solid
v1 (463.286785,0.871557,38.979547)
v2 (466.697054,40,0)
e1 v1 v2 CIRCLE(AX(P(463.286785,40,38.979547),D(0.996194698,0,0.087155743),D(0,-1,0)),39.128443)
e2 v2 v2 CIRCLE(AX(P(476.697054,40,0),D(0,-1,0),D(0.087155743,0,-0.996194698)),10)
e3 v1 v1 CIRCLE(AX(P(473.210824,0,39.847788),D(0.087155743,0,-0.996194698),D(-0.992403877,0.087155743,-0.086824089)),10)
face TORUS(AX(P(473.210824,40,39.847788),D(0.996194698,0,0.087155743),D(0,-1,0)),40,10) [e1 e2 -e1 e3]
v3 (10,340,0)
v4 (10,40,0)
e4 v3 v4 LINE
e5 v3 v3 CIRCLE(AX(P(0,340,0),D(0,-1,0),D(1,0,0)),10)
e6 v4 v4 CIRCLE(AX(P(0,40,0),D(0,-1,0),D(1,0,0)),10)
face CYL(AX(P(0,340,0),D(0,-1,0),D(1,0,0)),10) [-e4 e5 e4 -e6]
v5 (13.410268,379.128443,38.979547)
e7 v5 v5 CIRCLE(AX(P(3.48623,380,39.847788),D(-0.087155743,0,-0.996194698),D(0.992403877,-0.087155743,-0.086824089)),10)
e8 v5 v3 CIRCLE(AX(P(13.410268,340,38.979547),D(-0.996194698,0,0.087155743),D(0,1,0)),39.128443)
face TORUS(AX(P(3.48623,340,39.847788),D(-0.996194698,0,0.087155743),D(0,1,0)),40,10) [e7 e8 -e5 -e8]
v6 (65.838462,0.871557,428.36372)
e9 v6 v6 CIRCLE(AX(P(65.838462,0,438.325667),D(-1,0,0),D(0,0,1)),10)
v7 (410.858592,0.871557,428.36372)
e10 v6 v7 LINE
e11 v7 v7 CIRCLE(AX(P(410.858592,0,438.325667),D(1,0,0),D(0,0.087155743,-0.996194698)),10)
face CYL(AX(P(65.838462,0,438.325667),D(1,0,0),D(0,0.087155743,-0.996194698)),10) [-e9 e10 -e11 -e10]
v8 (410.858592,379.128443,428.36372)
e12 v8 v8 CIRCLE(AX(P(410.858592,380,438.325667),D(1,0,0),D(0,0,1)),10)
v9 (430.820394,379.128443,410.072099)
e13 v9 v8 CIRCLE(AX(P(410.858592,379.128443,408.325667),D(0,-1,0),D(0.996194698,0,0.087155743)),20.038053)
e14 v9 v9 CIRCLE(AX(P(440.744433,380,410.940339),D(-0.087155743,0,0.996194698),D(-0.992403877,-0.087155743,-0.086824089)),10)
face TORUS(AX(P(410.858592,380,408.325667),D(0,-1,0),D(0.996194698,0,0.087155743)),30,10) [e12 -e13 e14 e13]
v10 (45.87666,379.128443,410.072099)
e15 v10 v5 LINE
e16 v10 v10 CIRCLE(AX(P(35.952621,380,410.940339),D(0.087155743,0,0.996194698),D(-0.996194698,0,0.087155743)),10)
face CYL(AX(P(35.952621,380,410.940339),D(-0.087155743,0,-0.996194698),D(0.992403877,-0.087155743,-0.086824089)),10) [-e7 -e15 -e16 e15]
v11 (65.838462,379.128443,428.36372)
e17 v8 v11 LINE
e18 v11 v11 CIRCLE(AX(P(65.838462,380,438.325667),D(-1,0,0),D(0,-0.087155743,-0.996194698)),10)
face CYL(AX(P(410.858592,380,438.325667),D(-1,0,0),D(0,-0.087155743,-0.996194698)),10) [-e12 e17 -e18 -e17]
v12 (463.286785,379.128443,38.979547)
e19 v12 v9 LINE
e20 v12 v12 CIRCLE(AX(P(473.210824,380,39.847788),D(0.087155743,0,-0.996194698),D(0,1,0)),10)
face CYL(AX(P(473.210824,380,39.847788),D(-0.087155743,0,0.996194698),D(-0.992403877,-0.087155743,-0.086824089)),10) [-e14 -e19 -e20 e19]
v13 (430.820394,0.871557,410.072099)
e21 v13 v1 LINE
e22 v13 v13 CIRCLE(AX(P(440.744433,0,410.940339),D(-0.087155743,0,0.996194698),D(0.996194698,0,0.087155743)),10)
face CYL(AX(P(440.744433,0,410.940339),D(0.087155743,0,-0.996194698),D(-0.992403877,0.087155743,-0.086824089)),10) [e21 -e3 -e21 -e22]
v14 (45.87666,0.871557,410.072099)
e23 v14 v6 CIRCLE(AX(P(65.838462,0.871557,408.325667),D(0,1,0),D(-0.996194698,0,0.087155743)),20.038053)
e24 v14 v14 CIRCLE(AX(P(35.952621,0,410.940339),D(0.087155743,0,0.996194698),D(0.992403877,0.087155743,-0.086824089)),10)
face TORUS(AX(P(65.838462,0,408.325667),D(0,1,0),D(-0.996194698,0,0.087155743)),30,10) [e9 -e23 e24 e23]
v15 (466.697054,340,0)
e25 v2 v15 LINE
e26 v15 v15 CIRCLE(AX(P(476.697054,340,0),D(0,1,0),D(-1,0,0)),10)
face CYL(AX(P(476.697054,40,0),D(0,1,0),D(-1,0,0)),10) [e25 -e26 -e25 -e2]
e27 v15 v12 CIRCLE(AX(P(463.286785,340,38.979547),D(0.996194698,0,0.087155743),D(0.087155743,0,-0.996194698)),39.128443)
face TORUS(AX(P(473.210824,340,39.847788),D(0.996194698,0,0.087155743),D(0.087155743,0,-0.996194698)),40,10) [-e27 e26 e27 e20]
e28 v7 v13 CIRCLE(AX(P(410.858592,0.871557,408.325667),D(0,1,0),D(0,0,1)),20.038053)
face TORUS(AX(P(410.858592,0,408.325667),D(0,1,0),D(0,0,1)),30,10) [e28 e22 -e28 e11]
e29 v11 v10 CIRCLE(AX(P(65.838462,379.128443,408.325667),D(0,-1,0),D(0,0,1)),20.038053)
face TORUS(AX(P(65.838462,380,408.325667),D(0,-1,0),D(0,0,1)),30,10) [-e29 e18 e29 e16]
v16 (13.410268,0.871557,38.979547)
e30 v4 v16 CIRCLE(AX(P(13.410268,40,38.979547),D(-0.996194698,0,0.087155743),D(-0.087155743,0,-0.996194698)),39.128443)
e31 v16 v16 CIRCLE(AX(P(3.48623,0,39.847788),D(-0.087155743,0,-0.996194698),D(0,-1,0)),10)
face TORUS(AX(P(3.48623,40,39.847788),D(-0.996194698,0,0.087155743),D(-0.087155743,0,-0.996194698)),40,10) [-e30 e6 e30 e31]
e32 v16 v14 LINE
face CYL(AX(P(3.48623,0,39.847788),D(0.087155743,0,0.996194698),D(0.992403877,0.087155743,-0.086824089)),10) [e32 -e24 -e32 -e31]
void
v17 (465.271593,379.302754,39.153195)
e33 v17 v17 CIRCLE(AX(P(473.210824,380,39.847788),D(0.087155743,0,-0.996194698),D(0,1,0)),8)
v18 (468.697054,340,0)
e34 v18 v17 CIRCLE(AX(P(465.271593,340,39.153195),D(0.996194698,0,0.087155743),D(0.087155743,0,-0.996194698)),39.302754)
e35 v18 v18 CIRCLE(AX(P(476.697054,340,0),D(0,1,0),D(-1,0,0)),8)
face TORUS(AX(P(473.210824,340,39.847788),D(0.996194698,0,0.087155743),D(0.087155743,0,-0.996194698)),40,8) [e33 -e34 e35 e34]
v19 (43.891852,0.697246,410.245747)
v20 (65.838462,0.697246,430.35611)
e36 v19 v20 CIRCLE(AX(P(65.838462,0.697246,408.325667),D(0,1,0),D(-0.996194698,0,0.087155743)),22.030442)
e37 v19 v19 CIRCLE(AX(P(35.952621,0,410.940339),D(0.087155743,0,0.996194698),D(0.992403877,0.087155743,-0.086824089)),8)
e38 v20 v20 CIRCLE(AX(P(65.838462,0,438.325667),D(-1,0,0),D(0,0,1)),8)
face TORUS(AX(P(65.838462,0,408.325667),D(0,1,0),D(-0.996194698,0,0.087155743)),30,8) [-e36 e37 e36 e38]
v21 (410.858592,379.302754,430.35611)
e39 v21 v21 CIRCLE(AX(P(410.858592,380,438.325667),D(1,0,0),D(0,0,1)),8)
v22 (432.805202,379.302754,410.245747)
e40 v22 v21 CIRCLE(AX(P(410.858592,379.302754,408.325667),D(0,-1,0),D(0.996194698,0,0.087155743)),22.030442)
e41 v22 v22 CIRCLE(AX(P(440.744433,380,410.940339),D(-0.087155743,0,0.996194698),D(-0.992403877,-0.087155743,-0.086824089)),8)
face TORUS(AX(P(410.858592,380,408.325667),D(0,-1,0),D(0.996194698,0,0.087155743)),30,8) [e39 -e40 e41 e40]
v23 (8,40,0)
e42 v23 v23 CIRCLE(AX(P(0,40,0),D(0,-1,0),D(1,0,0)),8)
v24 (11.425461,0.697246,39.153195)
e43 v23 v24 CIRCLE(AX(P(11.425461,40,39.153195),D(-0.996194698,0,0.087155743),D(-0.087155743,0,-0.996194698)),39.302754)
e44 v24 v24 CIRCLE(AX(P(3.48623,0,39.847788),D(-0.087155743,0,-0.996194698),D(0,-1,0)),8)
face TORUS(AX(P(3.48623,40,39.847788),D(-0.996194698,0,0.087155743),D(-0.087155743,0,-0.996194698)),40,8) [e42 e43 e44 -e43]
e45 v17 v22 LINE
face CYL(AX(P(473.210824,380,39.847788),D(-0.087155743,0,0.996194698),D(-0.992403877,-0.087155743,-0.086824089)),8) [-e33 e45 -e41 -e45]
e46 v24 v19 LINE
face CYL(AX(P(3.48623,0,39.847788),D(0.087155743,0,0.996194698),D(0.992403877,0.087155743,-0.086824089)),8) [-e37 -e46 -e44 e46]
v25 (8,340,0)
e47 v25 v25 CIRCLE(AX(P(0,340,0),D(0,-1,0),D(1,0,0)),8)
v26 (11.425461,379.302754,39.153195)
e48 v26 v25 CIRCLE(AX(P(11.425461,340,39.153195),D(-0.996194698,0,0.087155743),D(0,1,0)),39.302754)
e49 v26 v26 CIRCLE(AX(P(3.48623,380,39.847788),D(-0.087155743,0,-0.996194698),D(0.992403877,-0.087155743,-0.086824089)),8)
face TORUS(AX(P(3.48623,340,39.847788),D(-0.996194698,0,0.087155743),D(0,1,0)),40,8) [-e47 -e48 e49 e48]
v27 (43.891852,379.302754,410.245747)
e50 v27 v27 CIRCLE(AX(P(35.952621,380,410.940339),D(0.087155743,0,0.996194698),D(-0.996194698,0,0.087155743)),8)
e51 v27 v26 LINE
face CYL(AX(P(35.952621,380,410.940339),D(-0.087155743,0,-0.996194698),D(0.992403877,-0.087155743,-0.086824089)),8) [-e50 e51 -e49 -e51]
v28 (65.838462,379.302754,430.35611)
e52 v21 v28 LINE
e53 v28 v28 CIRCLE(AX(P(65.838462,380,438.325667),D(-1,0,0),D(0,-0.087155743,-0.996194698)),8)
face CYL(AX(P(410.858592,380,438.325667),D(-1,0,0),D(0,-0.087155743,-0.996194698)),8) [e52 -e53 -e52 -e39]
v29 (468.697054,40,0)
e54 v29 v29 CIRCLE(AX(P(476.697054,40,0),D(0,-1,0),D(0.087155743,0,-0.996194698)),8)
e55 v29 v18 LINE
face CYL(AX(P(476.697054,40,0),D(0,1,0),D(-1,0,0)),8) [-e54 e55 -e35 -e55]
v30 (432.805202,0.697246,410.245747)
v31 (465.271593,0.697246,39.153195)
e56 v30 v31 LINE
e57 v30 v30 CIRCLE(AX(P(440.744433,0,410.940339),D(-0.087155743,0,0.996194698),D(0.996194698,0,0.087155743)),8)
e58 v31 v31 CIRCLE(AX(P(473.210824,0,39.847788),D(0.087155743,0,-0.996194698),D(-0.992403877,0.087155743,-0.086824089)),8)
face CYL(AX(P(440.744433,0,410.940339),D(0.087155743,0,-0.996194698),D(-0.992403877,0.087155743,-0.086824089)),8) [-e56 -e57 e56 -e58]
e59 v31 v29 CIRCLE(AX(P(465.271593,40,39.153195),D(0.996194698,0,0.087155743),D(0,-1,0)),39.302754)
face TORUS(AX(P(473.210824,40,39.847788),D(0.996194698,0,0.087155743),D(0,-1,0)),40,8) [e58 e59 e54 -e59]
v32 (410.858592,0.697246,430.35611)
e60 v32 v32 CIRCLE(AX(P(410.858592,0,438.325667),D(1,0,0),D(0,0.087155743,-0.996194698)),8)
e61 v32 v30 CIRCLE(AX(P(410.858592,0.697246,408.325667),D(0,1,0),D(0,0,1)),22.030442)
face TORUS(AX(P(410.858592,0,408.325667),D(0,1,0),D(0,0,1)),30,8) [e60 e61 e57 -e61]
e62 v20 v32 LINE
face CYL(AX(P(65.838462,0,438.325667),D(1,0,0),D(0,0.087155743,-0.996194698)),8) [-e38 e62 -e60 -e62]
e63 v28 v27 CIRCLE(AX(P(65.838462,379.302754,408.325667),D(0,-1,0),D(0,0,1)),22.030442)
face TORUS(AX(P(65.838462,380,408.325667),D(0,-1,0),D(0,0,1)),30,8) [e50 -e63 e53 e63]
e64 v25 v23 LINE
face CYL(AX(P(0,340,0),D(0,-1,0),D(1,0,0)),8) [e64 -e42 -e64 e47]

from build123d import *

# Parameters (mm, degrees)
F9_R   = 10
F9_R_2 = 8


with BuildPart() as f10:
    # F10: sweep along a path in F7, F0, F6, F3, F7
    with BuildLine(Plane(origin=(0, 0, 0), x_dir=(0, 1, 0), z_dir=(0.9961946981, 0, -0.0871557427))) as f10_path:
        Line((340, 0), (40, 0))
        ThreePointArc((40, 0), (11.7157287525, 11.7157287525), (0, 40))
        Line((0, 40), (0, 412.5100647795))
    with BuildLine(Plane.XZ) as f10_path_2:
        ThreePointArc((35.9526210867, 410.9403394428), (45.570755801, 430.4439872647), (65.8384620295, 438.3256671604))
        Line((65.8384620295, 438.3256671604), (410.8585915884, 438.3256671604))
        ThreePointArc((410.8585915884, 438.3256671604), (431.1262978169, 430.4439872647), (440.7444325312, 410.9403394428))
    with BuildLine(Plane(origin=(473.0760039295, 0, 41.38878733), x_dir=(0, 1, 0), z_dir=(0.9961946981, 0, 0.0871557427))) as f10_path_3:
        Line((0, 370.9631790058), (0, -1.5468857737))
        ThreePointArc((0, -1.5468857737), (11.7157287525, -29.8311570212), (40, -41.5468857737))
        Line((40, -41.5468857737), (340, -41.5468857737))
        ThreePointArc((340, -41.5468857737), (368.2842712475, -29.8311570212), (380, -1.5468857737))
        Line((380, -1.5468857737), (380, 370.9631790058))
    with BuildLine(Plane.XZ.offset(-380)) as f10_path_4:
        ThreePointArc((440.7444325312, 410.9403394428), (431.1262978169, 430.4439872647), (410.8585915885, 438.3256671604))
        Line((410.8585915885, 438.3256671604), (65.8384620295, 438.3256671604))
        ThreePointArc((65.8384620295, 438.3256671604), (45.570755801, 430.4439872647), (35.9526210867, 410.9403394428))
    with BuildLine(Plane(origin=(0, 0, 0), x_dir=(0, 1, 0), z_dir=(0.9961946981, 0, -0.0871557427))) as f10_path_5:
        Line((380, 412.5100647795), (380, 40))
        ThreePointArc((380, 40), (368.2842712475, 11.7157287525), (340, 0))
    # F9 (on offset) → F10 (sweep)
    with BuildSketch(Plane.XZ.offset(-40)):
        Circle(F9_R)
        Circle(F9_R_2, mode=Mode.SUBTRACT)
    sweep(path=f10_path.line + f10_path_2.line + f10_path_3.line + f10_path_4.line + f10_path_5.line)


solid = f10.part
